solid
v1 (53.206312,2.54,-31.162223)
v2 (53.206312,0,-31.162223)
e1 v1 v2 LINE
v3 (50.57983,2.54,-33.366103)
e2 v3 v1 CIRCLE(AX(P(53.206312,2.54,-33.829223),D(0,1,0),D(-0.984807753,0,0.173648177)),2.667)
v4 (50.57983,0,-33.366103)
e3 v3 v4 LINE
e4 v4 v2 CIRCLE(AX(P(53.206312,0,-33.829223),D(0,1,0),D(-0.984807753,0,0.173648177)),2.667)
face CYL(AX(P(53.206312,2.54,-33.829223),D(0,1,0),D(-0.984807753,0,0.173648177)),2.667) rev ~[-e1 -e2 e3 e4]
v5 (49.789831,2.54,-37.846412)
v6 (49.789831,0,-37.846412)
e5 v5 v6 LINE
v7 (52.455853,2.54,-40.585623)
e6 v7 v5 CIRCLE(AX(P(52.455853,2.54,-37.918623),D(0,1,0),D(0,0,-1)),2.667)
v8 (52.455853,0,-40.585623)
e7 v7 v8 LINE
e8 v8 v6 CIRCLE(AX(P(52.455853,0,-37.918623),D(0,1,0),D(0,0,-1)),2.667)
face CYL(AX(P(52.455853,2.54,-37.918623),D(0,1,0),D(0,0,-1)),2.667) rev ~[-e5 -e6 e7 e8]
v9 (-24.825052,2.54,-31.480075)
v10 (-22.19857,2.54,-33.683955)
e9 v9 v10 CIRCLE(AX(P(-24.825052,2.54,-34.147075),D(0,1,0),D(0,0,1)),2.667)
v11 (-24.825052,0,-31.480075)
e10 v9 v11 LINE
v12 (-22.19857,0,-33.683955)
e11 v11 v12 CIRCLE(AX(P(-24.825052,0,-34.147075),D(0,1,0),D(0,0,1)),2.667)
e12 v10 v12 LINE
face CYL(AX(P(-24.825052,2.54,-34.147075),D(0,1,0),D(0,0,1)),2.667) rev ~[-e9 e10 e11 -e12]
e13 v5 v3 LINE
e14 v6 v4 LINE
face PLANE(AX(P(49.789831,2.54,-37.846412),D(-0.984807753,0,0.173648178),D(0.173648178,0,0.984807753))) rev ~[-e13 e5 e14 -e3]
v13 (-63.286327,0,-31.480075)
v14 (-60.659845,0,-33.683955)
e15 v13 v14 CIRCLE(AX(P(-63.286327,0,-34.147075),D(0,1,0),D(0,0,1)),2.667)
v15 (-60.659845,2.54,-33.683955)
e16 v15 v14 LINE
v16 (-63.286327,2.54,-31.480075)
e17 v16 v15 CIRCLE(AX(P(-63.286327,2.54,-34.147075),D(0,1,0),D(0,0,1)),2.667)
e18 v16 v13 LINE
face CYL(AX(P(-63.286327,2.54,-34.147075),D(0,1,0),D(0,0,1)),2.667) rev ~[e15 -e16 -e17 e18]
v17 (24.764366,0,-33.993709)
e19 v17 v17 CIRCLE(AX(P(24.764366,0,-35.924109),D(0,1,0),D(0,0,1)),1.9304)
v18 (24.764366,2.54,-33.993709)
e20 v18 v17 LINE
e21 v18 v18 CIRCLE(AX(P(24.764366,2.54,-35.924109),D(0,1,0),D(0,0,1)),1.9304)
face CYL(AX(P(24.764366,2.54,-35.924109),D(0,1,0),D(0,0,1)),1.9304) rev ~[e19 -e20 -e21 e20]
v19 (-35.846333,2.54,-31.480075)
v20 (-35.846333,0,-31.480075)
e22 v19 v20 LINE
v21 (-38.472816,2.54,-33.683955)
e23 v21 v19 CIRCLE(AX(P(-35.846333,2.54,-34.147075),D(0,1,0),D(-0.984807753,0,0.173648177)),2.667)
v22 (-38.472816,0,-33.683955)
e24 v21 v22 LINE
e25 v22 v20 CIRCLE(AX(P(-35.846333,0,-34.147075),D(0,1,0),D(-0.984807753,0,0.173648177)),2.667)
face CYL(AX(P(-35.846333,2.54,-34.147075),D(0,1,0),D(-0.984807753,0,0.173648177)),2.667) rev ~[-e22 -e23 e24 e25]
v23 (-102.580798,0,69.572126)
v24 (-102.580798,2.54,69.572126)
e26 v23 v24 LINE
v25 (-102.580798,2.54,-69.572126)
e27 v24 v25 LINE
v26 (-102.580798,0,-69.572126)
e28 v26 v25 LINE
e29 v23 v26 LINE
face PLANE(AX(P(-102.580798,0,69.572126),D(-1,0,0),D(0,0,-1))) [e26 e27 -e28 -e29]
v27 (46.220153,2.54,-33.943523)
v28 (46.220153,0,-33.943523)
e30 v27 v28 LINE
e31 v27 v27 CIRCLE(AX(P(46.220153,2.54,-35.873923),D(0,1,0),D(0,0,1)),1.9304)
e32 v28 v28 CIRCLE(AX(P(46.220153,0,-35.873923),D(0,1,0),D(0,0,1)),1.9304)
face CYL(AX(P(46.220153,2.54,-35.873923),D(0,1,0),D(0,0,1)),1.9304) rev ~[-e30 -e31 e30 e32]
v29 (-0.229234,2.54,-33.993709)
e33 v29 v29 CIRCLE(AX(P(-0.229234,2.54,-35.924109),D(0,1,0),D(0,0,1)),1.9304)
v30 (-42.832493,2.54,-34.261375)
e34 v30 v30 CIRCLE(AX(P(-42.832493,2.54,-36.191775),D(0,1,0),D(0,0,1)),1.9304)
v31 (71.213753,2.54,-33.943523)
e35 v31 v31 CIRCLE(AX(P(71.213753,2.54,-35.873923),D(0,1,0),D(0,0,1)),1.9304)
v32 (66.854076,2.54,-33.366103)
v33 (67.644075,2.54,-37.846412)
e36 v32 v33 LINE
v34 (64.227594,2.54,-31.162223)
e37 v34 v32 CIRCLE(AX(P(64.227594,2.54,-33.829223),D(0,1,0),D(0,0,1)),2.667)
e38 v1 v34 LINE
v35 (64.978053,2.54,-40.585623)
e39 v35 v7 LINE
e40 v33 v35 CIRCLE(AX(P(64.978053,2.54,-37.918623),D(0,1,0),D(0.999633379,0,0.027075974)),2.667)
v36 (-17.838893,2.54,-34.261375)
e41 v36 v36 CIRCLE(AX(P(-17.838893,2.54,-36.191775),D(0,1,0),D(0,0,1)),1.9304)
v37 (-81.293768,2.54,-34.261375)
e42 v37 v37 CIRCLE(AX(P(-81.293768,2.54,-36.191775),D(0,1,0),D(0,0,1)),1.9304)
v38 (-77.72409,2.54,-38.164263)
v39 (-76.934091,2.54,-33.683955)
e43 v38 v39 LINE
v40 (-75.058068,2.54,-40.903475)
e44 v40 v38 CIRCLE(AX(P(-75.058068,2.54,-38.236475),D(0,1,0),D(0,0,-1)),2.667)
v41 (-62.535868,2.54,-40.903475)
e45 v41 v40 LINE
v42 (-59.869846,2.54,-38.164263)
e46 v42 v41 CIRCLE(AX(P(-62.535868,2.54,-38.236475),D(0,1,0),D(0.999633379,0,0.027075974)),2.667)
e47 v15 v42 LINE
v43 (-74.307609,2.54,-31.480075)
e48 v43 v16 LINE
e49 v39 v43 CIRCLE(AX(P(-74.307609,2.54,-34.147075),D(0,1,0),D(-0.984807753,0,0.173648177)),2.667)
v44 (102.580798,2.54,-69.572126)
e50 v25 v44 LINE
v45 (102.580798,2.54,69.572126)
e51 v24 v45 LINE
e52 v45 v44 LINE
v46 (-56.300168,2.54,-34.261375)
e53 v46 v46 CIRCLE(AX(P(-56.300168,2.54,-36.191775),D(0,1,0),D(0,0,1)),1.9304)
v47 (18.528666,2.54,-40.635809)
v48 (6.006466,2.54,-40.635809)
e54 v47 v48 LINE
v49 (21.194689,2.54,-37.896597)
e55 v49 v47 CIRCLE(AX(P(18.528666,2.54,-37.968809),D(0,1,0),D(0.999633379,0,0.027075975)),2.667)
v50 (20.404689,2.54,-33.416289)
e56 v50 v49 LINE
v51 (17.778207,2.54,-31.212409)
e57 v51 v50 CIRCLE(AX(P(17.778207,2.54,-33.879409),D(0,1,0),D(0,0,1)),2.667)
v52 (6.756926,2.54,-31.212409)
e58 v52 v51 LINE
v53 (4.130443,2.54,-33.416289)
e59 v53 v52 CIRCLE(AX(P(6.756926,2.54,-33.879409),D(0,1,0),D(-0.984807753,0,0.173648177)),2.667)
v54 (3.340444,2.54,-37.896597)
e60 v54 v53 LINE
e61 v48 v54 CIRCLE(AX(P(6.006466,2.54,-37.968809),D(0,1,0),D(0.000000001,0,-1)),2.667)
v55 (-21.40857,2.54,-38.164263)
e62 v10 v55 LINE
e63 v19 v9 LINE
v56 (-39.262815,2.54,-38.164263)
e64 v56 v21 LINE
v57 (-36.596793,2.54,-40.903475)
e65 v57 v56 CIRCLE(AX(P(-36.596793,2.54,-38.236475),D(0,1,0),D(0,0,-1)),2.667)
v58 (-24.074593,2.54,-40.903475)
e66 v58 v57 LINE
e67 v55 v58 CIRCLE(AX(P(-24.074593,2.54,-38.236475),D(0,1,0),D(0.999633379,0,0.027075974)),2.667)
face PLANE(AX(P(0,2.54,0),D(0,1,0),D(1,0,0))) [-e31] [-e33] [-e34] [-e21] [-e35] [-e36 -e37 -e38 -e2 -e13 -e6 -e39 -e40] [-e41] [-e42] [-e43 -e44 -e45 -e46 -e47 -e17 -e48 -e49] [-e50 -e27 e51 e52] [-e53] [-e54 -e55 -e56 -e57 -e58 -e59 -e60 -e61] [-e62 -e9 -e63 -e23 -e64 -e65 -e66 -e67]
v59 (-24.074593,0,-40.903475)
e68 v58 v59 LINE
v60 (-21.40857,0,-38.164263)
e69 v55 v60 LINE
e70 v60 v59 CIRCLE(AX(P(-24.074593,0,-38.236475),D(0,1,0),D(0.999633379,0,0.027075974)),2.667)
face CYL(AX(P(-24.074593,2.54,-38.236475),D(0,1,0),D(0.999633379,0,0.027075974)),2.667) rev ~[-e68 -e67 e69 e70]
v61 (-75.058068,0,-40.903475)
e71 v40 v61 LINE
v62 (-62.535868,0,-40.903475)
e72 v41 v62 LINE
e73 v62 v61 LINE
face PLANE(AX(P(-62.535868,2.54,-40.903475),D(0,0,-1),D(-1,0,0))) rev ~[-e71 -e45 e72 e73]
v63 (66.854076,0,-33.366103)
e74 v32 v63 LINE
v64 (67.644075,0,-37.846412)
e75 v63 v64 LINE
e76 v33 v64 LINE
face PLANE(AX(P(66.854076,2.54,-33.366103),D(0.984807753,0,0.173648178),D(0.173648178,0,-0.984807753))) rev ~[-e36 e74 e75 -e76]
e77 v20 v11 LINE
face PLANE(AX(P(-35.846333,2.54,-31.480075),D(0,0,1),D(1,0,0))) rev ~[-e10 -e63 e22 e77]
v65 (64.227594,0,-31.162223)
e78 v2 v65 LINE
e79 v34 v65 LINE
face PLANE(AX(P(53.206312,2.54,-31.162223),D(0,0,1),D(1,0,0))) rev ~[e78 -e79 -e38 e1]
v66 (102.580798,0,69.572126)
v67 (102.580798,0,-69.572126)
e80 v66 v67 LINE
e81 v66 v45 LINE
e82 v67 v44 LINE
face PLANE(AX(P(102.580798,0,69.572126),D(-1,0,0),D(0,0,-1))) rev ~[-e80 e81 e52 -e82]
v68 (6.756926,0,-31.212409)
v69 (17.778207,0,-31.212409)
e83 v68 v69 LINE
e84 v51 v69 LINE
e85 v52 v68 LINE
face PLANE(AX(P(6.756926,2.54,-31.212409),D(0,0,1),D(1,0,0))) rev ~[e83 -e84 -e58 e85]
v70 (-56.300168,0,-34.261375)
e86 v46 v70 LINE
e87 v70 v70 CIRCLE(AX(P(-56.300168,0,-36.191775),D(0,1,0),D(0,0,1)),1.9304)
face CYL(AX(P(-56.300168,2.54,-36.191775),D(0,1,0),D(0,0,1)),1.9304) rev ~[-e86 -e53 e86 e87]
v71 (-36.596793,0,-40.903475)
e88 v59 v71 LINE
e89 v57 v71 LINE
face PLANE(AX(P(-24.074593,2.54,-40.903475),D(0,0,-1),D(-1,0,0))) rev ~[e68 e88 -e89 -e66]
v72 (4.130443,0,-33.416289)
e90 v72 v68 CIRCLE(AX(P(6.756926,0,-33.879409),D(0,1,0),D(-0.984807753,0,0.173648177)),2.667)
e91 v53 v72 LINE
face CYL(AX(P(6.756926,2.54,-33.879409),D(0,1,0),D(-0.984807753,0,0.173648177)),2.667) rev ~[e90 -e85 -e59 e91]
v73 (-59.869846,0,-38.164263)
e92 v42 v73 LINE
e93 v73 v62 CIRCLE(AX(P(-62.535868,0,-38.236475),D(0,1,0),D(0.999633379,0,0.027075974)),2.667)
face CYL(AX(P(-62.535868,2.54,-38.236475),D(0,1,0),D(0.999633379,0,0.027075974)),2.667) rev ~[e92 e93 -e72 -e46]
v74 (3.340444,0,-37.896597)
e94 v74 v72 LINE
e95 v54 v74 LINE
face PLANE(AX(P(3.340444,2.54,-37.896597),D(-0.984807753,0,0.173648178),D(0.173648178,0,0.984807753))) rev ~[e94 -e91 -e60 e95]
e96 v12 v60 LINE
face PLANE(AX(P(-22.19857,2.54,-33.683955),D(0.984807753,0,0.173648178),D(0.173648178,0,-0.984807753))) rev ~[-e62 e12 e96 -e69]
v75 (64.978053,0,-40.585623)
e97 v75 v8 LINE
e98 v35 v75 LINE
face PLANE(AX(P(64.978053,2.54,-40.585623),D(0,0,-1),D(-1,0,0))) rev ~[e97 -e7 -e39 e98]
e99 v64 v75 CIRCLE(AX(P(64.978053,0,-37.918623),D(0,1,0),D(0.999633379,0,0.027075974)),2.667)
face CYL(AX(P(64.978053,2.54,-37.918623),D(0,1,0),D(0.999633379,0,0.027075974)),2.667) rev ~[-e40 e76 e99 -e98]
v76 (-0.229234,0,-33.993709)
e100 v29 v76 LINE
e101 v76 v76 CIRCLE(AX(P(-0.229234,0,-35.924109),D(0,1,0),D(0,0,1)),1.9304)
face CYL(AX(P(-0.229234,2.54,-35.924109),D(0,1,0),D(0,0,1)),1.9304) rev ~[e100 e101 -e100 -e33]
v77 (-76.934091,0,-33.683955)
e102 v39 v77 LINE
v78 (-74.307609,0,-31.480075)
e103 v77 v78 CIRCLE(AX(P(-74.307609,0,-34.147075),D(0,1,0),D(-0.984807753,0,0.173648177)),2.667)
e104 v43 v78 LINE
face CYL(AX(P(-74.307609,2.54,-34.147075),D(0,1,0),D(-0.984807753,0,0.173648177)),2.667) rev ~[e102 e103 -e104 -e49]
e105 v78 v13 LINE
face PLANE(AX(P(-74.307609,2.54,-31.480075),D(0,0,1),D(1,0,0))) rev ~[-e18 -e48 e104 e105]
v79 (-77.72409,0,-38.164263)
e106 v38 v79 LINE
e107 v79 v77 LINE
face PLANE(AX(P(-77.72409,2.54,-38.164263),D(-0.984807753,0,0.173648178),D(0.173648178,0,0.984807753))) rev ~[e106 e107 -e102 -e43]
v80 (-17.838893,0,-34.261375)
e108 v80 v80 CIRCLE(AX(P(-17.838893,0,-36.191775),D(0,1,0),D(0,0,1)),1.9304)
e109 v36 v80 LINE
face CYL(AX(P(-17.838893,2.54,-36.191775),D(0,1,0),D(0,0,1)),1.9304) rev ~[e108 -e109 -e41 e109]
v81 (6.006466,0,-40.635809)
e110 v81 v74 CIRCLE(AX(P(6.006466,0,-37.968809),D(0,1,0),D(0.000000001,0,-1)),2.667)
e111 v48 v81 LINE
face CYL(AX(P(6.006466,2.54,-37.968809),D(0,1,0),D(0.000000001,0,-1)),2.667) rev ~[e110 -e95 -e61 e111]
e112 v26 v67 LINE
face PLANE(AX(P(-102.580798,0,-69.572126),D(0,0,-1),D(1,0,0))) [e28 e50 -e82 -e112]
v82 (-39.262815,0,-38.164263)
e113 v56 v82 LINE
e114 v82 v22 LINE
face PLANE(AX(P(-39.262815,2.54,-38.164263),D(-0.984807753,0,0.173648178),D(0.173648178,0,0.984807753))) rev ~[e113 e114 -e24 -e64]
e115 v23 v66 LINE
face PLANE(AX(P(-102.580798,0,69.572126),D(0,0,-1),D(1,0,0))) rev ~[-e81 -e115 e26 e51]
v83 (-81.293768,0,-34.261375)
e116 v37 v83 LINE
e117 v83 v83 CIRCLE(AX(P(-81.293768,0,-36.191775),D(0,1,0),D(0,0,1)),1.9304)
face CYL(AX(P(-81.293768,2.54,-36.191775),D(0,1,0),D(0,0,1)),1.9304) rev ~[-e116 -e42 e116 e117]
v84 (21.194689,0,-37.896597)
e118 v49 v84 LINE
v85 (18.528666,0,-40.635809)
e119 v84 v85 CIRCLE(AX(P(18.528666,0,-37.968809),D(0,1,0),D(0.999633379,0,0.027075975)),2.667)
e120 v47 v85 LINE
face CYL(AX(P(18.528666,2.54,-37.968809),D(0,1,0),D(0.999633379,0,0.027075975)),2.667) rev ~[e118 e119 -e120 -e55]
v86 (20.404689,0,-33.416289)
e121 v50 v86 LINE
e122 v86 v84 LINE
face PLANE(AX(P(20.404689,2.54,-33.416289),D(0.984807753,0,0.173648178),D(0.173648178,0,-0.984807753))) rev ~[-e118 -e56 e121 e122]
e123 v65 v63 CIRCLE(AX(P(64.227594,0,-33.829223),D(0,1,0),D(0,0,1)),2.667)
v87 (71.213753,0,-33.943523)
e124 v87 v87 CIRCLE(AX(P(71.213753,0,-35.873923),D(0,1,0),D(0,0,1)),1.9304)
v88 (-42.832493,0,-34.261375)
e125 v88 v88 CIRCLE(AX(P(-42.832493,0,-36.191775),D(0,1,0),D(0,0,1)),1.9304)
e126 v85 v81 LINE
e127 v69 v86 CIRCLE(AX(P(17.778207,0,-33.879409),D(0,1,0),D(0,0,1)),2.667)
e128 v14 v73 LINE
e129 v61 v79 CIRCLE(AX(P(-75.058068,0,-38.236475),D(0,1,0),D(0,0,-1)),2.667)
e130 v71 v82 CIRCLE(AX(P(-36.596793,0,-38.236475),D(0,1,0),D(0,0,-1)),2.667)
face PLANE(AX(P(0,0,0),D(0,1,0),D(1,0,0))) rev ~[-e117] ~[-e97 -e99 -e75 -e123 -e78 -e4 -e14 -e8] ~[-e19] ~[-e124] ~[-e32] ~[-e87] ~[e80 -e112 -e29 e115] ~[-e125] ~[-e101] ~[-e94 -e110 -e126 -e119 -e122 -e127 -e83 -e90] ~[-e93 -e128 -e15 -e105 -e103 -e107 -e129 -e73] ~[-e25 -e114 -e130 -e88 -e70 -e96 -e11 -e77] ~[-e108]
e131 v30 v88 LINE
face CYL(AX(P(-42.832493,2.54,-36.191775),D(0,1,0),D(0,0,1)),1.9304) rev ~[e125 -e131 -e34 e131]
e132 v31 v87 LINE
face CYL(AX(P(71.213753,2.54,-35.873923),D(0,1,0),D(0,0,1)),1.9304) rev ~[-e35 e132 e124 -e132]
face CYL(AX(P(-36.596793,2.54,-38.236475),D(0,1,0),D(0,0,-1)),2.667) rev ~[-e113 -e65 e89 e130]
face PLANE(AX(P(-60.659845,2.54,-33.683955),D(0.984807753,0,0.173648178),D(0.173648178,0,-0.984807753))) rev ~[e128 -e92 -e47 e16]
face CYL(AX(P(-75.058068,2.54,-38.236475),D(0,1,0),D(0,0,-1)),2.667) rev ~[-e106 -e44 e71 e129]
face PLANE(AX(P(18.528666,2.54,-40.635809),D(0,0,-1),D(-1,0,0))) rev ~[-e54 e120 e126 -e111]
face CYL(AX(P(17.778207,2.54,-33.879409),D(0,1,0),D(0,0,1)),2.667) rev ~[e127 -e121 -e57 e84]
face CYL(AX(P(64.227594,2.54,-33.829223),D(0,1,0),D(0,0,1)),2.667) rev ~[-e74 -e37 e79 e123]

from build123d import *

# Parameters (mm, degrees)
SKETCH1_W           = 205.16159644
SKETCH1_H           = 139.144251052
BOSS_EXTRUDE1_DEPTH = 2.54
SKETCH3_R           = 1.9304
CUT_EXTRUDE1_DEPTH  = 124.973998942


with BuildPart() as part:
    # Sketch1 → Boss-Extrude1 (new body)
    with BuildSketch(Plane(origin=(0, 0, 0), x_dir=(1, 0, 0), z_dir=(0, 1, 0))):
        Rectangle(SKETCH1_W, SKETCH1_H)
    extrude(amount=BOSS_EXTRUDE1_DEPTH)

    # Sketch3 → Cut-Extrude1 (cut, through all)
    with BuildSketch(Plane(origin=(0, 2.54, 0), x_dir=(1, 0, 0), z_dir=(0, 1, 0))):
        with Locations(Location((-81.293768085, 36.19177457, 0), (0, 0, 270))):
            Circle(SKETCH3_R)
        with Locations(Location((-56.300168085, 36.19177457, 0), (0, 0, 270))):
            Circle(SKETCH3_R)
        with Locations(Location((-42.832492591, 36.19177457, 0), (0, 0, 270))):
            Circle(SKETCH3_R)
        with Locations(Location((-17.838892591, 36.19177457, 0), (0, 0, 270))):
            Circle(SKETCH3_R)
        with Locations(Location((-0.229233582, 35.924108913, 0), (0, 0, 270))):
            Circle(SKETCH3_R)
        with Locations(Location((24.764366418, 35.924108913, 0), (0, 0, 270))):
            Circle(SKETCH3_R)
        with Locations(Location((46.220152976, 35.873923159, 0), (0, 0, 270))):
            Circle(SKETCH3_R)
        with Locations(Location((71.213752976, 35.873923159, 0), (0, 0, 270))):
            Circle(SKETCH3_R)
        with BuildLine():
            Line((-62.535868085, 40.90347457), (-75.058068085, 40.90347457))
            ThreePointArc((-75.058068085, 40.90347457), (-76.969282019, 40.096622494), (-77.724090306, 38.164262946))
            Line((-77.724090306, 38.164262946), (-76.934091112, 33.68395488))
            ThreePointArc((-76.934091112, 33.68395488), (-76.02192339, 32.10403404), (-74.307608835, 31.48007457))
            Line((-74.307608835, 31.48007457), (-63.286327336, 31.48007457))
            ThreePointArc((-63.286327336, 31.48007457), (-61.572012781, 32.10403404), (-60.659845059, 33.68395488))
            Line((-60.659845059, 33.68395488), (-59.869845865, 38.164262946))
            ThreePointArc((-59.869845865, 38.164262946), (-60.624654152, 40.096622494), (-62.535868085, 40.90347457))
        make_face()
        with BuildLine():
            Line((-24.074592591, 40.90347457), (-36.596792591, 40.90347457))
            ThreePointArc((-36.596792591, 40.90347457), (-38.508006525, 40.096622494), (-39.262814812, 38.164262946))
            Line((-39.262814812, 38.164262946), (-38.472815618, 33.68395488))
            ThreePointArc((-38.472815618, 33.68395488), (-37.560647896, 32.10403404), (-35.846333341, 31.48007457))
            Line((-35.846333341, 31.48007457), (-24.825051842, 31.48007457))
            ThreePointArc((-24.825051842, 31.48007457), (-23.110737287, 32.10403404), (-22.198569565, 33.68395488))
            Line((-22.198569565, 33.68395488), (-21.408570371, 38.164262946))
            ThreePointArc((-21.408570371, 38.164262946), (-22.163378658, 40.096622494), (-24.074592591, 40.90347457))
        make_face()
        with BuildLine():
            Line((18.528666418, 40.635808913), (6.006466418, 40.635808913))
            ThreePointArc((6.006466418, 40.635808913), (4.095252484, 39.828956838), (3.340444197, 37.89659729))
            Line((3.340444197, 37.89659729), (4.130443391, 33.416289223))
            ThreePointArc((4.130443391, 33.416289223), (5.042611113, 31.836368383), (6.756925668, 31.212408913))
            Line((6.756925668, 31.212408913), (17.778207167, 31.212408913))
            ThreePointArc((17.778207167, 31.212408913), (19.492521722, 31.836368383), (20.404689444, 33.416289223))
            Line((20.404689444, 33.416289223), (21.194688638, 37.89659729))
            ThreePointArc((21.194688638, 37.89659729), (20.439880351, 39.828956838), (18.528666418, 40.635808913))
        make_face()
        with BuildLine():
            Line((64.978052976, 40.585623159), (52.455852976, 40.585623159))
            ThreePointArc((52.455852976, 40.585623159), (50.544639042, 39.778771083), (49.789830755, 37.846411536))
            Line((49.789830755, 37.846411536), (50.579829949, 33.366103469))
            ThreePointArc((50.579829949, 33.366103469), (51.491997671, 31.786182629), (53.206312227, 31.162223159))
            Line((53.206312227, 31.162223159), (64.227593725, 31.162223159))
            ThreePointArc((64.227593725, 31.162223159), (65.94190828, 31.786182629), (66.854076003, 33.366103469))
            Line((66.854076003, 33.366103469), (67.644075197, 37.846411536))
            ThreePointArc((67.644075197, 37.846411536), (66.88926691, 39.778771083), (64.978052976, 40.585623159))
        make_face()
    extrude(amount=-CUT_EXTRUDE1_DEPTH, mode=Mode.SUBTRACT)


solid = part.part
